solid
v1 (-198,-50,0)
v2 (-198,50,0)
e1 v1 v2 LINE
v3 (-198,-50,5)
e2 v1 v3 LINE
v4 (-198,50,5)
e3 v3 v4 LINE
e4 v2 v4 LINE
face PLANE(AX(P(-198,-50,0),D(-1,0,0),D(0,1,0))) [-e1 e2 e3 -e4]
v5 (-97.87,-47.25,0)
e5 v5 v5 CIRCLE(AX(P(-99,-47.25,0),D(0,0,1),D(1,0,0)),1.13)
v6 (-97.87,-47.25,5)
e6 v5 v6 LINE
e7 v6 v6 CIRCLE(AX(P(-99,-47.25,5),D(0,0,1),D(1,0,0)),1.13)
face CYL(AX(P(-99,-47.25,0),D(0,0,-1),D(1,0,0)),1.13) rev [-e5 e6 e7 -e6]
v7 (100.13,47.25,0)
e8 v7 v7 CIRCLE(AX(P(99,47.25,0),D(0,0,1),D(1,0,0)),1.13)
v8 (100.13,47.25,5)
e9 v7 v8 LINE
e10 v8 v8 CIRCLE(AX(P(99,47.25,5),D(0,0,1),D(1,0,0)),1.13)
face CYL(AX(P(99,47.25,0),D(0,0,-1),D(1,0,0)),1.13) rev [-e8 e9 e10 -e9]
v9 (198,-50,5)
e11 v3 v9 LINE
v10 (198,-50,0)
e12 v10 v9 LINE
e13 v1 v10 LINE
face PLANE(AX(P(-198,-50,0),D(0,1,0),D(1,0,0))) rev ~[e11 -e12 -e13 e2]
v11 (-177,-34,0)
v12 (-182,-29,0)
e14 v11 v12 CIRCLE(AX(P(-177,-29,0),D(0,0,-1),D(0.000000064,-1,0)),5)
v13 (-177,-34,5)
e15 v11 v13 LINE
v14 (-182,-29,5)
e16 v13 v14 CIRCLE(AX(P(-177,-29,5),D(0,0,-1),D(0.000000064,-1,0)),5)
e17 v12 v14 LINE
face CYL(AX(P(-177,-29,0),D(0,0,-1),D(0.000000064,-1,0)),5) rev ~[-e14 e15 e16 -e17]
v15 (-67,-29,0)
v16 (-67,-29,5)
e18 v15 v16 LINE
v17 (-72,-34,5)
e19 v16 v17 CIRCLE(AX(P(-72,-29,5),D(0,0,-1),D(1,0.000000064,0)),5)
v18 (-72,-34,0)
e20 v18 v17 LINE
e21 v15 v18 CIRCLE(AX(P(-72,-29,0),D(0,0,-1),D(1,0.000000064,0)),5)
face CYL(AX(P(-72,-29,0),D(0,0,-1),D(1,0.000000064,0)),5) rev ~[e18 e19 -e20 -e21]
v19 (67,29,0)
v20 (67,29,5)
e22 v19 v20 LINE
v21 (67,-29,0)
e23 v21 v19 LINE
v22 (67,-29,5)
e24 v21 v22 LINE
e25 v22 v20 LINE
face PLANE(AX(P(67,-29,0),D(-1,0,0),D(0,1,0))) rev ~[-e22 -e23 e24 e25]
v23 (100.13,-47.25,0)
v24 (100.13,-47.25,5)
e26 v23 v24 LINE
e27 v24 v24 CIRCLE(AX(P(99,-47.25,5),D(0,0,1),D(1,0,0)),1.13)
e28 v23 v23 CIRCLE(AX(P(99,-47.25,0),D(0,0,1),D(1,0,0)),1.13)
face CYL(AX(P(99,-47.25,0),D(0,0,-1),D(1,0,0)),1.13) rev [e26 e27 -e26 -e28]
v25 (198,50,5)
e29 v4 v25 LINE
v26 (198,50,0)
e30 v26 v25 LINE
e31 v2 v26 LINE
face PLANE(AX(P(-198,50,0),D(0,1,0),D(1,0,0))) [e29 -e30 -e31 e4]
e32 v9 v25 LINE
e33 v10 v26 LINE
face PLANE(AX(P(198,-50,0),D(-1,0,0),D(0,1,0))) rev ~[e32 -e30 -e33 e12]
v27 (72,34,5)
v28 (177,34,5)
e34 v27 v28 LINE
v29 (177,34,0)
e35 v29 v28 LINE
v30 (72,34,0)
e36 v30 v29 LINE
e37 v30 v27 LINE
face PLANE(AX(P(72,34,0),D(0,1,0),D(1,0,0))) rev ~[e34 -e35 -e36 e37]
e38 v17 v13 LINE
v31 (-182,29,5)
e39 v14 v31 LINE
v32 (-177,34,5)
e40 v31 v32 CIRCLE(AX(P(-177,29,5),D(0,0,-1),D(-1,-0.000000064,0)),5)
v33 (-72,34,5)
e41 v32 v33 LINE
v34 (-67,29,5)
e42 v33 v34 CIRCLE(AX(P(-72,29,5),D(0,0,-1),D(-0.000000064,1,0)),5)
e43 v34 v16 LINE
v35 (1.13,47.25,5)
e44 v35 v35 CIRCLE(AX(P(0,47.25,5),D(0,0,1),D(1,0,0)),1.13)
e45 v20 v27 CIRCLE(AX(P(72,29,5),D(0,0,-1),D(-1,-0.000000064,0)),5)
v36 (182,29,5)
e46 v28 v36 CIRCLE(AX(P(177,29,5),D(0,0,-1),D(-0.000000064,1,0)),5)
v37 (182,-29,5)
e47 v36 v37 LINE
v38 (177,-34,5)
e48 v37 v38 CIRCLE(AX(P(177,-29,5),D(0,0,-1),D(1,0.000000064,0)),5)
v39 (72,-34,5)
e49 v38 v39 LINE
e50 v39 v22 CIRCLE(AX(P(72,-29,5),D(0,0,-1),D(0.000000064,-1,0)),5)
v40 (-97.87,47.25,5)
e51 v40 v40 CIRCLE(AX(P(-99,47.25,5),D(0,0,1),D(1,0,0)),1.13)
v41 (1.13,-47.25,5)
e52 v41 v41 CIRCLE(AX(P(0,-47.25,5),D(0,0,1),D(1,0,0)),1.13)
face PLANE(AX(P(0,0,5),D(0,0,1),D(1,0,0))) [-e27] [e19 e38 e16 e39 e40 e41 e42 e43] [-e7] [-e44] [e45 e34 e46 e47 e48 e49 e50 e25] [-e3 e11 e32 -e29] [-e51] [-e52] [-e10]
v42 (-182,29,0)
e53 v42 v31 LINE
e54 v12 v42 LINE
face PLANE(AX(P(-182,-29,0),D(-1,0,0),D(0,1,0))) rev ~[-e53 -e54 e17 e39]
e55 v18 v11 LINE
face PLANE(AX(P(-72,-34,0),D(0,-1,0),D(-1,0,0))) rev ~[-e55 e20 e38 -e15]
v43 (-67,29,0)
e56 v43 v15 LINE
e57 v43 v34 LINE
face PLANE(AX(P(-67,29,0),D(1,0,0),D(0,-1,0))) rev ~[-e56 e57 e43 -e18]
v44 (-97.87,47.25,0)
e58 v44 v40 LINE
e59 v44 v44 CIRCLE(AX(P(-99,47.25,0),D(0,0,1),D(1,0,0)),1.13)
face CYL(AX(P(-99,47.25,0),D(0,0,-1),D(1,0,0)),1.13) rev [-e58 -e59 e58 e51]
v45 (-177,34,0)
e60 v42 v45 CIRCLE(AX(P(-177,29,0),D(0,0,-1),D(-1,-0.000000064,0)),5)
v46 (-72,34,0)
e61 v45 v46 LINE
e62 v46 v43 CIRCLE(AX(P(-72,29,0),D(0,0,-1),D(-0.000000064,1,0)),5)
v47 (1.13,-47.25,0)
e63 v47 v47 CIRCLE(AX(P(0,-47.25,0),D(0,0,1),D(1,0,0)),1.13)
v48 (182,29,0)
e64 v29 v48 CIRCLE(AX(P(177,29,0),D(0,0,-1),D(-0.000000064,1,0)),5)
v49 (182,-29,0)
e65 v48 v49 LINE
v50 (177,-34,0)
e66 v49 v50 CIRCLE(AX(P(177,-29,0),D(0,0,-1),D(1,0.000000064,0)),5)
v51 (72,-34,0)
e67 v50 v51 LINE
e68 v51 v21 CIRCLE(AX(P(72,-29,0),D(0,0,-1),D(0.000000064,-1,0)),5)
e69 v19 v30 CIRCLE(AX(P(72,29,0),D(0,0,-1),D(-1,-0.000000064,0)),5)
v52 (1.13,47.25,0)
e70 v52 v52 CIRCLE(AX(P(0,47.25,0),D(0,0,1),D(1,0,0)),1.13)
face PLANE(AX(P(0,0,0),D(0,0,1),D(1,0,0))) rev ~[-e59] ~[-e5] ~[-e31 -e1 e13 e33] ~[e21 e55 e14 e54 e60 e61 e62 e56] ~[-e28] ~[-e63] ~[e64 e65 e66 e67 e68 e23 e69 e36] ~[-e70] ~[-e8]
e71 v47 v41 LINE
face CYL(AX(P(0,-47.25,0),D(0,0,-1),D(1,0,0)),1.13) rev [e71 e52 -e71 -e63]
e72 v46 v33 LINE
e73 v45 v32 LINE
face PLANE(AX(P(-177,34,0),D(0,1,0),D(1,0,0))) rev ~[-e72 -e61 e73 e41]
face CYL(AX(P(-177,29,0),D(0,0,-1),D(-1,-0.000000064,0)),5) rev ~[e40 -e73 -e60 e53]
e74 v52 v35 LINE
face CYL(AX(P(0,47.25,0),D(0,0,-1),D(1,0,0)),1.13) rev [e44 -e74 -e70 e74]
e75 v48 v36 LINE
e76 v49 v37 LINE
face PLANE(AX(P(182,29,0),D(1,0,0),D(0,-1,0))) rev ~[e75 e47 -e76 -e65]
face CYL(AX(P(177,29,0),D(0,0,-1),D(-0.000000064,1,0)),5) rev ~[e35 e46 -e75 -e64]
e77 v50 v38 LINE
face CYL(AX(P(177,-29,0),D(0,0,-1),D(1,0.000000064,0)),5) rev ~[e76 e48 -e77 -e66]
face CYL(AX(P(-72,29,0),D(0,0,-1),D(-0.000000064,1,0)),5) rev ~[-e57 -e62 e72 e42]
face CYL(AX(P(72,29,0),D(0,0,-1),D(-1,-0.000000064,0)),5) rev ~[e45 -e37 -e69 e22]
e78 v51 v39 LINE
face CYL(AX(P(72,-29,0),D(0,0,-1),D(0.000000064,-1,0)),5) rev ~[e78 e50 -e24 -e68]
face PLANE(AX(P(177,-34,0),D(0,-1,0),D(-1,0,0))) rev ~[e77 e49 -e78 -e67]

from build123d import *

# Parameters (mm, degrees)
F0_W     = 396
F0_H     = 100
F0_R     = 1.13
F1_DEPTH = 5


with BuildPart() as f1:
    # F0 (on Top) → F1 (new body)
    with BuildSketch(Plane.XY):
        Rectangle(F0_W, F0_H)
        with Locations((-99, -47.25)):
            Circle(F0_R, mode=Mode.SUBTRACT)
        with Locations((0, -47.25)):
            Circle(F0_R, mode=Mode.SUBTRACT)
        with Locations((99, -47.25)):
            Circle(F0_R, mode=Mode.SUBTRACT)
        with BuildLine():
            ThreePointArc((-182, 29), (-180.535534, 32.535534), (-177, 34))
            Line((-177, 34), (-72, 34))
            ThreePointArc((-72, 34), (-68.464466, 32.535534), (-67, 29))
            Line((-67, 29), (-67, -29))
            ThreePointArc((-67, -29), (-68.464466, -32.535534), (-72, -34))
            Line((-72, -34), (-177, -34))
            ThreePointArc((-177, -34), (-180.535534, -32.535534), (-182, -29))
            Line((-182, -29), (-182, 29))
        make_face(mode=Mode.SUBTRACT)
        with Locations((-99, 47.25)):
            Circle(F0_R, mode=Mode.SUBTRACT)
        with BuildLine():
            ThreePointArc((67, 29), (68.464466, 32.535534), (72, 34))
            Line((72, 34), (177, 34))
            ThreePointArc((177, 34), (180.535534, 32.535534), (182, 29))
            Line((182, 29), (182, -29))
            ThreePointArc((182, -29), (180.535534, -32.535534), (177, -34))
            Line((177, -34), (72, -34))
            ThreePointArc((72, -34), (68.464466, -32.535534), (67, -29))
            Line((67, -29), (67, 29))
        make_face(mode=Mode.SUBTRACT)
        with Locations((0, 47.25)):
            Circle(F0_R, mode=Mode.SUBTRACT)
        with Locations((99, 47.25)):
            Circle(F0_R, mode=Mode.SUBTRACT)
    extrude(amount=F1_DEPTH)


solid = f1.part
